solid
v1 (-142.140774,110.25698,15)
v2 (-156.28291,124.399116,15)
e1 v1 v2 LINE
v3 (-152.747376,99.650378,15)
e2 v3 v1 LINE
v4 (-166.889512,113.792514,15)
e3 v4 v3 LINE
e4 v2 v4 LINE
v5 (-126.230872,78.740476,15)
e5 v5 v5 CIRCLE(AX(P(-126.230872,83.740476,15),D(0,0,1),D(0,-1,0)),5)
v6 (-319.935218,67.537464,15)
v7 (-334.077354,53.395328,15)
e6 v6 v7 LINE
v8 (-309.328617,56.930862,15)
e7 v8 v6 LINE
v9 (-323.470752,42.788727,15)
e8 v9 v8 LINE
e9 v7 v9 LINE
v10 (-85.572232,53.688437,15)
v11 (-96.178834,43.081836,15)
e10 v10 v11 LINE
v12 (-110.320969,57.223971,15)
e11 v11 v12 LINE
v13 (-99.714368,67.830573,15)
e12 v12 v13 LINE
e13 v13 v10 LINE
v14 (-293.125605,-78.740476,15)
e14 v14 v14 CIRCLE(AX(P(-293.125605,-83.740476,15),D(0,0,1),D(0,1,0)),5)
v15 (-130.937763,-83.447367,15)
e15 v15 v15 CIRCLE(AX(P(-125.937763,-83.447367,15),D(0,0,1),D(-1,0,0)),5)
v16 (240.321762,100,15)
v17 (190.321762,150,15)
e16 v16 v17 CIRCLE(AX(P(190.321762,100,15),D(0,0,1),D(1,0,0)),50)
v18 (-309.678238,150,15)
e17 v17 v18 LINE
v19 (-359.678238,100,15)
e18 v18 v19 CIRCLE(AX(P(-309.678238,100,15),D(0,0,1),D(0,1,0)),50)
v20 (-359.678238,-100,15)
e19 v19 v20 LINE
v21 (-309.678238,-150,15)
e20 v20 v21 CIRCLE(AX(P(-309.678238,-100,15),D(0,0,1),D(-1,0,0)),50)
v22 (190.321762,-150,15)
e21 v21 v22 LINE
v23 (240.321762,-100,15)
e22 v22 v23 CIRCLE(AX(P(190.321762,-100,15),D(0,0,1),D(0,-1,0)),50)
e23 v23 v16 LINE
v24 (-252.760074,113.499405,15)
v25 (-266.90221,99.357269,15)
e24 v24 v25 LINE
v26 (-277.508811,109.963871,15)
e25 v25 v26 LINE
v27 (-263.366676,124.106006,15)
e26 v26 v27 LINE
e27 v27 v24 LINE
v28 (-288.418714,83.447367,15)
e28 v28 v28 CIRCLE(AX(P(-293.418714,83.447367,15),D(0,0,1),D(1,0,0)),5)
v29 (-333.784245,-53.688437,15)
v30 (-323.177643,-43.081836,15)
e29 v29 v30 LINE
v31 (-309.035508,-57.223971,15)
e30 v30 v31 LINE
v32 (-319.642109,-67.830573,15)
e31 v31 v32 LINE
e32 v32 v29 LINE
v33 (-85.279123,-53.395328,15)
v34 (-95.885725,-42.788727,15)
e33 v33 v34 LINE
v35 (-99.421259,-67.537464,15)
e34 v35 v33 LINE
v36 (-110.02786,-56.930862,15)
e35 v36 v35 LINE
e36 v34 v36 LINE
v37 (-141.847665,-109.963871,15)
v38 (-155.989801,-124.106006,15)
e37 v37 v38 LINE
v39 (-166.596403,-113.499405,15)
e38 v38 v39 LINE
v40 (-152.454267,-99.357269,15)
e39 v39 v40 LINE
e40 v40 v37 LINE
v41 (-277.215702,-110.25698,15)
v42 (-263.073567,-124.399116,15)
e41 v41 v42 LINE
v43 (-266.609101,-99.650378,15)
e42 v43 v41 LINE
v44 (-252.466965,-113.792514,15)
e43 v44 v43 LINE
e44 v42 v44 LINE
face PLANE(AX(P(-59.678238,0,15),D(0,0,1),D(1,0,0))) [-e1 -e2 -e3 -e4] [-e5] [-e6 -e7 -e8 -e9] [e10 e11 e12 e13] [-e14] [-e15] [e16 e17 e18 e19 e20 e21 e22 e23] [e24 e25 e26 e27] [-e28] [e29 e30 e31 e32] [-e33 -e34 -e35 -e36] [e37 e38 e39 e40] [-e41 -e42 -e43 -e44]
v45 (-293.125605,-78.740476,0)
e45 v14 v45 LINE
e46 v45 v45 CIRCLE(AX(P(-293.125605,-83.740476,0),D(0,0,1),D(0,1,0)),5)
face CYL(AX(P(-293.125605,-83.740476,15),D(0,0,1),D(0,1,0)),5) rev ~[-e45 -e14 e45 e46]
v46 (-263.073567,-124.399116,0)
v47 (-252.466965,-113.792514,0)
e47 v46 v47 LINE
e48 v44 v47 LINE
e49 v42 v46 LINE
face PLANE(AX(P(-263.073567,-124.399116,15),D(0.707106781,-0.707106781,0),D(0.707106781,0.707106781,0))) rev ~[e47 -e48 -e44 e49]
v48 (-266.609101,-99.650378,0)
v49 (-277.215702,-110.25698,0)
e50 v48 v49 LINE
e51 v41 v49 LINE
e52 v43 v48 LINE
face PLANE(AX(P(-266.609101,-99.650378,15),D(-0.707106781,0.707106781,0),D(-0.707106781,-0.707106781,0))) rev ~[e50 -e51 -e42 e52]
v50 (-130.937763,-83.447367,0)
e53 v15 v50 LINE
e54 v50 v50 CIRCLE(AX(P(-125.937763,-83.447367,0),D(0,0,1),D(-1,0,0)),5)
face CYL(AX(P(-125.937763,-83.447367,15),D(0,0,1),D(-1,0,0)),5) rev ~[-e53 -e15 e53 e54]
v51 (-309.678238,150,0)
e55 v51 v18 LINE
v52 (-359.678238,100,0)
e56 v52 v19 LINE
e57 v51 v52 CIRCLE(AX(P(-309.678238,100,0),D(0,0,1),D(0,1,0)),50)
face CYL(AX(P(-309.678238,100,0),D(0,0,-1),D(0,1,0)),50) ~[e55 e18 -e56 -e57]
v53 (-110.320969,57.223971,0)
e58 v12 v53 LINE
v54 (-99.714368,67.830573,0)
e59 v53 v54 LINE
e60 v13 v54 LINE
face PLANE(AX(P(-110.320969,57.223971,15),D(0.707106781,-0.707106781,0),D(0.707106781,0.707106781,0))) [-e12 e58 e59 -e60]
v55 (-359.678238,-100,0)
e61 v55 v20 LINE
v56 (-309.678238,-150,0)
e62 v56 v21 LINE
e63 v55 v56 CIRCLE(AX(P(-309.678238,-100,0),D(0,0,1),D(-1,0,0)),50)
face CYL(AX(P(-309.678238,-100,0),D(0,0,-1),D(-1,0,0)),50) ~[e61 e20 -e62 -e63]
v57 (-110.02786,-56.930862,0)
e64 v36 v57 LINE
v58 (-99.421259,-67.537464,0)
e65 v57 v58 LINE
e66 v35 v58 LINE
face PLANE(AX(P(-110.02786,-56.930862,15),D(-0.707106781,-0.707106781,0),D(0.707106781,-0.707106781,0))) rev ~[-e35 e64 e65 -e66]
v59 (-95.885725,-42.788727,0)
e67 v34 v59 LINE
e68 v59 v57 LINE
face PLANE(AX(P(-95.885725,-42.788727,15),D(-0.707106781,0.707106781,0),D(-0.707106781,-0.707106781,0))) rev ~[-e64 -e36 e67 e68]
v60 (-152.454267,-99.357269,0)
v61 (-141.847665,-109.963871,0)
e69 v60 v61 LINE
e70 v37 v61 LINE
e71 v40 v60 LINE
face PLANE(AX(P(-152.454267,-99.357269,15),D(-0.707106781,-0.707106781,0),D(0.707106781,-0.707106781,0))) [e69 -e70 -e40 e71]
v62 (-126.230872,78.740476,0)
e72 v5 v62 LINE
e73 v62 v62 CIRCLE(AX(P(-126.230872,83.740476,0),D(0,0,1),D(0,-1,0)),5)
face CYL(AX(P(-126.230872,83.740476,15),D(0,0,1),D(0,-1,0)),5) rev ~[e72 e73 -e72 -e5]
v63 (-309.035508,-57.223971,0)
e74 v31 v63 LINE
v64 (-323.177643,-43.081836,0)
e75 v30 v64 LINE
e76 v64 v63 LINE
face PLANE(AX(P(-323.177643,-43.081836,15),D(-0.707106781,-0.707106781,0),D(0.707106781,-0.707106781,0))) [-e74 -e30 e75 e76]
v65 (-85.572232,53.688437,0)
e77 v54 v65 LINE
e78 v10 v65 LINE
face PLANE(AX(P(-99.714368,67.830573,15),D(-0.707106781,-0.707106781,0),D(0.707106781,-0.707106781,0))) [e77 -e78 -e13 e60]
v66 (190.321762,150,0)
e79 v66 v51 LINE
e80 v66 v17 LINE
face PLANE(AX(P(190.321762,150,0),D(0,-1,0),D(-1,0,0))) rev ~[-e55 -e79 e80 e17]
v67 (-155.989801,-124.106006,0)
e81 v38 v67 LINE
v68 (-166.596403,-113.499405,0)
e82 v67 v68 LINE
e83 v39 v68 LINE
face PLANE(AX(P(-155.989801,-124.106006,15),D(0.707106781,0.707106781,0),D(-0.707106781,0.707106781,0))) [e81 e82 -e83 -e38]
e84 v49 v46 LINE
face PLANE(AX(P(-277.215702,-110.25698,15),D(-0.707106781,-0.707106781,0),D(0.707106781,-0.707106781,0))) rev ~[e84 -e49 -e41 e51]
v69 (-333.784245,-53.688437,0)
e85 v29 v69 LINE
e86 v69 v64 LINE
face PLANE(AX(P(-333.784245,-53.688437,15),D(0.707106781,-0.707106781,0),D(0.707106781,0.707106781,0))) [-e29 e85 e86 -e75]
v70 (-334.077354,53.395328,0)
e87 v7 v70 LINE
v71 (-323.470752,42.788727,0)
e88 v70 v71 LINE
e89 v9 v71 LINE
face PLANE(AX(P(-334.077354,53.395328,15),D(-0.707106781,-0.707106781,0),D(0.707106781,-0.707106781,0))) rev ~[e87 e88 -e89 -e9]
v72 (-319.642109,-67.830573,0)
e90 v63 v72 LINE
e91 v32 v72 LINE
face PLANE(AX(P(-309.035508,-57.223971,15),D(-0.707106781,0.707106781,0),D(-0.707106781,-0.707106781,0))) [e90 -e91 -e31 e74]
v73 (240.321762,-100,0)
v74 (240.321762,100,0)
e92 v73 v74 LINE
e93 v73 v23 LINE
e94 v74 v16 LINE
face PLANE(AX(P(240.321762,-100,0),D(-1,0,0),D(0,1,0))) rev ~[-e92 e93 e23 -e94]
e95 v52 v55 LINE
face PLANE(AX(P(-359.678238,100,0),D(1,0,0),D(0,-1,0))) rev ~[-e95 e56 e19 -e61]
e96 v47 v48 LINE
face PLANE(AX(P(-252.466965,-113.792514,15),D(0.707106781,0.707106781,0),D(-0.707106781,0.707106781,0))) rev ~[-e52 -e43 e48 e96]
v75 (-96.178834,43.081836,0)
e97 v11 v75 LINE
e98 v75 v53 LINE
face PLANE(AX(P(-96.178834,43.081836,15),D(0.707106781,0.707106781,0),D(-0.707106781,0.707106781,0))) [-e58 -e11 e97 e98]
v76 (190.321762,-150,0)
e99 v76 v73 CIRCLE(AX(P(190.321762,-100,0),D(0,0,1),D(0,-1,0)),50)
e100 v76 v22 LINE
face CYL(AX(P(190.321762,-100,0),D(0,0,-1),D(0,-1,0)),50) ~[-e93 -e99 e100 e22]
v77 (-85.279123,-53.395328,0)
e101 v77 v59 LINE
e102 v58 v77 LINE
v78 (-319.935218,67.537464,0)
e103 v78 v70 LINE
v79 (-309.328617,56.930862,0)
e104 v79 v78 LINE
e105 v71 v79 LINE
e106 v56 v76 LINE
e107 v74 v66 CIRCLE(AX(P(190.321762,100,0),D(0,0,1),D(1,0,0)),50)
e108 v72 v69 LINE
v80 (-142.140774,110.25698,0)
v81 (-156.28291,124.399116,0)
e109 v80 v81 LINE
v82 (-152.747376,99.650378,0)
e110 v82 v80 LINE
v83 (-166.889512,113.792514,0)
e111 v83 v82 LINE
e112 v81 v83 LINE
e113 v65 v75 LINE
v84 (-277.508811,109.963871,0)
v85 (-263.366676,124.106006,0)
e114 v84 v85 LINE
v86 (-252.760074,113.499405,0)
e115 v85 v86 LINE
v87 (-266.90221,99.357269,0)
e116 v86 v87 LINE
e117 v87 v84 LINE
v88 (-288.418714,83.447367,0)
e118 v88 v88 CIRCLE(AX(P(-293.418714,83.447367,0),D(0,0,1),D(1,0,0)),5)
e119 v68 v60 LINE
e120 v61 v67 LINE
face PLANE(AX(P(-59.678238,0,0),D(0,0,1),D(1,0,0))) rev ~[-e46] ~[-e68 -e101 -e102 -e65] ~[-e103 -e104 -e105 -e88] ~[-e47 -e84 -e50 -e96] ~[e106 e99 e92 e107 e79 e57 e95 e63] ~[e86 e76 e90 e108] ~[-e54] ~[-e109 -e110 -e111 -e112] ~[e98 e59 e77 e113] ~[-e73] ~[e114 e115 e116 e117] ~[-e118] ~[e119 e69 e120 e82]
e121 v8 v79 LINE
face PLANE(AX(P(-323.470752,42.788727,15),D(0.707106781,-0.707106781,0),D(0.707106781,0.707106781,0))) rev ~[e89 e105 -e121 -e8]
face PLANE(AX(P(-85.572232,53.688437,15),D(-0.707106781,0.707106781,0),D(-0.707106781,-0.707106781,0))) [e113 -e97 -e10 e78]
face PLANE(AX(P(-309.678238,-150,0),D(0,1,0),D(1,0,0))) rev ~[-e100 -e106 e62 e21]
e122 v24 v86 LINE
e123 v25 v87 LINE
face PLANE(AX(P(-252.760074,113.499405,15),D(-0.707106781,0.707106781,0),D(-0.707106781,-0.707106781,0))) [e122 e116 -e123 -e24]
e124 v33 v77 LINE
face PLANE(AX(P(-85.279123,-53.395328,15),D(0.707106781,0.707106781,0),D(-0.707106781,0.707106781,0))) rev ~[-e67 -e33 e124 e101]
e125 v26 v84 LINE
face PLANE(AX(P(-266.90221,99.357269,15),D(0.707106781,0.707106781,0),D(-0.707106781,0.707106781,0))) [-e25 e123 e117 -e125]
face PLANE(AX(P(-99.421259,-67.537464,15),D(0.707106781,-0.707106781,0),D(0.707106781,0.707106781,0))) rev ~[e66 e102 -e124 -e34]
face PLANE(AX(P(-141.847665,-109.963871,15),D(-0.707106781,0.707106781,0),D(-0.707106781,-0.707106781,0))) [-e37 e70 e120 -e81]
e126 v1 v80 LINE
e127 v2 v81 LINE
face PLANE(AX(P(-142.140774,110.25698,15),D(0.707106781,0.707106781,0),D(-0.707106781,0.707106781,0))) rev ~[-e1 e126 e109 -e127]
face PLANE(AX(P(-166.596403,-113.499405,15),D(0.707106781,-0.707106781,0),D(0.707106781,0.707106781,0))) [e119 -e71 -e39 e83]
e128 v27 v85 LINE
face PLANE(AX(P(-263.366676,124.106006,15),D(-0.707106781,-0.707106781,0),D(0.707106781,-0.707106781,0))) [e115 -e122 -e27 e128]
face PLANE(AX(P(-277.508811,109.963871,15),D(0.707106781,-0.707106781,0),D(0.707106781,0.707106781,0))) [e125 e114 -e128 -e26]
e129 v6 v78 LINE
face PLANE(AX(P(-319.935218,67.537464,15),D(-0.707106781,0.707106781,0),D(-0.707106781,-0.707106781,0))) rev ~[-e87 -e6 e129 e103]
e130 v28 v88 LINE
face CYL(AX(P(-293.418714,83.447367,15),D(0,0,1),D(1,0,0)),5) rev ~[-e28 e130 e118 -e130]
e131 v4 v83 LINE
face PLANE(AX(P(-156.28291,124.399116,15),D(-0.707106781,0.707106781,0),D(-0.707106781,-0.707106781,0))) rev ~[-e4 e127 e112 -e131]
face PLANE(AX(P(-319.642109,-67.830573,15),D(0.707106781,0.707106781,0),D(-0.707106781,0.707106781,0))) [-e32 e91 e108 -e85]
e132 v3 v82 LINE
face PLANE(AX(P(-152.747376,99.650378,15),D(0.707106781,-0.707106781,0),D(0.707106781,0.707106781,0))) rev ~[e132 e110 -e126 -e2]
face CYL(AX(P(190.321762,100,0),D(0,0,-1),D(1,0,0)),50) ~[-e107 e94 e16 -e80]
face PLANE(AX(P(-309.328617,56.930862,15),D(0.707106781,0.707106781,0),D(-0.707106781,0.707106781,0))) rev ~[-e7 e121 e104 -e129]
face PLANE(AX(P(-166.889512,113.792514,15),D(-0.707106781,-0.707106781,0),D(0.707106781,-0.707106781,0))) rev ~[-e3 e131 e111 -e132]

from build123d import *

# Parameters (mm, degrees)
BOSS_EXTRU_1_DEPTH           = 15
ESQUISSE3_R                  = 5
ENL_V_MAT_EXTRU_1_DEPTH      = 390.991583511
R_P_TITION_CIRCULAIRE1_COUNT = 4


with BuildPart() as part:
    # Esquisse1 → Boss.-Extru.1 (new body)
    with BuildSketch(Plane.XY):
        with BuildLine():
            ThreePointArc((-359.678238443, -100), (-345.033577502, -135.355339059), (-309.678238443, -150))
            Line((-309.678238443, -150), (190.321761557, -150))
            ThreePointArc((190.321761557, -150), (225.677100616, -135.355339059), (240.321761557, -100))
            Line((240.321761557, -100), (240.321761557, 100))
            ThreePointArc((240.321761557, 100), (225.677100616, 135.355339059), (190.321761557, 150))
            Line((190.321761557, 150), (-309.678238443, 150))
            ThreePointArc((-309.678238443, 150), (-345.033577502, 135.355339059), (-359.678238443, 100))
            Line((-359.678238443, 100), (-359.678238443, -100))
        make_face()
    extrude(amount=BOSS_EXTRU_1_DEPTH)

    # Esquisse3 → Enlèv. mat.-Extru.1 (cut, through all)
    with BuildSketch(Plane.XY.offset(15)):
        with Locations((-293.418714055, 83.447366527)):
            Circle(ESQUISSE3_R)
        Polygon((-263.366675854, 124.106006445), (-252.760074137, 113.499404727), (-266.90220976, 99.357269104), (-277.508811478, 109.963870821), align=None)
        Polygon((-309.328616632, 56.930862233), (-319.935218349, 67.53746395), (-334.077353973, 53.395328327), (-323.470752255, 42.788726609), align=None)
    enl_v_mat_extru_1 = extrude(amount=-ENL_V_MAT_EXTRU_1_DEPTH, mode=Mode.SUBTRACT)

    # Répétition circulaire1: Enlèv. mat.-Extru.1 ×4 about axis
    r_p_tition_circulaire1_axis = Axis((-209.678238443, 0, 15), (0, 0, -1))
    for i in range(1, R_P_TITION_CIRCULAIRE1_COUNT):
        add(enl_v_mat_extru_1.rotate(r_p_tition_circulaire1_axis, i * 360 / R_P_TITION_CIRCULAIRE1_COUNT), mode=Mode.SUBTRACT)


solid = part.part
